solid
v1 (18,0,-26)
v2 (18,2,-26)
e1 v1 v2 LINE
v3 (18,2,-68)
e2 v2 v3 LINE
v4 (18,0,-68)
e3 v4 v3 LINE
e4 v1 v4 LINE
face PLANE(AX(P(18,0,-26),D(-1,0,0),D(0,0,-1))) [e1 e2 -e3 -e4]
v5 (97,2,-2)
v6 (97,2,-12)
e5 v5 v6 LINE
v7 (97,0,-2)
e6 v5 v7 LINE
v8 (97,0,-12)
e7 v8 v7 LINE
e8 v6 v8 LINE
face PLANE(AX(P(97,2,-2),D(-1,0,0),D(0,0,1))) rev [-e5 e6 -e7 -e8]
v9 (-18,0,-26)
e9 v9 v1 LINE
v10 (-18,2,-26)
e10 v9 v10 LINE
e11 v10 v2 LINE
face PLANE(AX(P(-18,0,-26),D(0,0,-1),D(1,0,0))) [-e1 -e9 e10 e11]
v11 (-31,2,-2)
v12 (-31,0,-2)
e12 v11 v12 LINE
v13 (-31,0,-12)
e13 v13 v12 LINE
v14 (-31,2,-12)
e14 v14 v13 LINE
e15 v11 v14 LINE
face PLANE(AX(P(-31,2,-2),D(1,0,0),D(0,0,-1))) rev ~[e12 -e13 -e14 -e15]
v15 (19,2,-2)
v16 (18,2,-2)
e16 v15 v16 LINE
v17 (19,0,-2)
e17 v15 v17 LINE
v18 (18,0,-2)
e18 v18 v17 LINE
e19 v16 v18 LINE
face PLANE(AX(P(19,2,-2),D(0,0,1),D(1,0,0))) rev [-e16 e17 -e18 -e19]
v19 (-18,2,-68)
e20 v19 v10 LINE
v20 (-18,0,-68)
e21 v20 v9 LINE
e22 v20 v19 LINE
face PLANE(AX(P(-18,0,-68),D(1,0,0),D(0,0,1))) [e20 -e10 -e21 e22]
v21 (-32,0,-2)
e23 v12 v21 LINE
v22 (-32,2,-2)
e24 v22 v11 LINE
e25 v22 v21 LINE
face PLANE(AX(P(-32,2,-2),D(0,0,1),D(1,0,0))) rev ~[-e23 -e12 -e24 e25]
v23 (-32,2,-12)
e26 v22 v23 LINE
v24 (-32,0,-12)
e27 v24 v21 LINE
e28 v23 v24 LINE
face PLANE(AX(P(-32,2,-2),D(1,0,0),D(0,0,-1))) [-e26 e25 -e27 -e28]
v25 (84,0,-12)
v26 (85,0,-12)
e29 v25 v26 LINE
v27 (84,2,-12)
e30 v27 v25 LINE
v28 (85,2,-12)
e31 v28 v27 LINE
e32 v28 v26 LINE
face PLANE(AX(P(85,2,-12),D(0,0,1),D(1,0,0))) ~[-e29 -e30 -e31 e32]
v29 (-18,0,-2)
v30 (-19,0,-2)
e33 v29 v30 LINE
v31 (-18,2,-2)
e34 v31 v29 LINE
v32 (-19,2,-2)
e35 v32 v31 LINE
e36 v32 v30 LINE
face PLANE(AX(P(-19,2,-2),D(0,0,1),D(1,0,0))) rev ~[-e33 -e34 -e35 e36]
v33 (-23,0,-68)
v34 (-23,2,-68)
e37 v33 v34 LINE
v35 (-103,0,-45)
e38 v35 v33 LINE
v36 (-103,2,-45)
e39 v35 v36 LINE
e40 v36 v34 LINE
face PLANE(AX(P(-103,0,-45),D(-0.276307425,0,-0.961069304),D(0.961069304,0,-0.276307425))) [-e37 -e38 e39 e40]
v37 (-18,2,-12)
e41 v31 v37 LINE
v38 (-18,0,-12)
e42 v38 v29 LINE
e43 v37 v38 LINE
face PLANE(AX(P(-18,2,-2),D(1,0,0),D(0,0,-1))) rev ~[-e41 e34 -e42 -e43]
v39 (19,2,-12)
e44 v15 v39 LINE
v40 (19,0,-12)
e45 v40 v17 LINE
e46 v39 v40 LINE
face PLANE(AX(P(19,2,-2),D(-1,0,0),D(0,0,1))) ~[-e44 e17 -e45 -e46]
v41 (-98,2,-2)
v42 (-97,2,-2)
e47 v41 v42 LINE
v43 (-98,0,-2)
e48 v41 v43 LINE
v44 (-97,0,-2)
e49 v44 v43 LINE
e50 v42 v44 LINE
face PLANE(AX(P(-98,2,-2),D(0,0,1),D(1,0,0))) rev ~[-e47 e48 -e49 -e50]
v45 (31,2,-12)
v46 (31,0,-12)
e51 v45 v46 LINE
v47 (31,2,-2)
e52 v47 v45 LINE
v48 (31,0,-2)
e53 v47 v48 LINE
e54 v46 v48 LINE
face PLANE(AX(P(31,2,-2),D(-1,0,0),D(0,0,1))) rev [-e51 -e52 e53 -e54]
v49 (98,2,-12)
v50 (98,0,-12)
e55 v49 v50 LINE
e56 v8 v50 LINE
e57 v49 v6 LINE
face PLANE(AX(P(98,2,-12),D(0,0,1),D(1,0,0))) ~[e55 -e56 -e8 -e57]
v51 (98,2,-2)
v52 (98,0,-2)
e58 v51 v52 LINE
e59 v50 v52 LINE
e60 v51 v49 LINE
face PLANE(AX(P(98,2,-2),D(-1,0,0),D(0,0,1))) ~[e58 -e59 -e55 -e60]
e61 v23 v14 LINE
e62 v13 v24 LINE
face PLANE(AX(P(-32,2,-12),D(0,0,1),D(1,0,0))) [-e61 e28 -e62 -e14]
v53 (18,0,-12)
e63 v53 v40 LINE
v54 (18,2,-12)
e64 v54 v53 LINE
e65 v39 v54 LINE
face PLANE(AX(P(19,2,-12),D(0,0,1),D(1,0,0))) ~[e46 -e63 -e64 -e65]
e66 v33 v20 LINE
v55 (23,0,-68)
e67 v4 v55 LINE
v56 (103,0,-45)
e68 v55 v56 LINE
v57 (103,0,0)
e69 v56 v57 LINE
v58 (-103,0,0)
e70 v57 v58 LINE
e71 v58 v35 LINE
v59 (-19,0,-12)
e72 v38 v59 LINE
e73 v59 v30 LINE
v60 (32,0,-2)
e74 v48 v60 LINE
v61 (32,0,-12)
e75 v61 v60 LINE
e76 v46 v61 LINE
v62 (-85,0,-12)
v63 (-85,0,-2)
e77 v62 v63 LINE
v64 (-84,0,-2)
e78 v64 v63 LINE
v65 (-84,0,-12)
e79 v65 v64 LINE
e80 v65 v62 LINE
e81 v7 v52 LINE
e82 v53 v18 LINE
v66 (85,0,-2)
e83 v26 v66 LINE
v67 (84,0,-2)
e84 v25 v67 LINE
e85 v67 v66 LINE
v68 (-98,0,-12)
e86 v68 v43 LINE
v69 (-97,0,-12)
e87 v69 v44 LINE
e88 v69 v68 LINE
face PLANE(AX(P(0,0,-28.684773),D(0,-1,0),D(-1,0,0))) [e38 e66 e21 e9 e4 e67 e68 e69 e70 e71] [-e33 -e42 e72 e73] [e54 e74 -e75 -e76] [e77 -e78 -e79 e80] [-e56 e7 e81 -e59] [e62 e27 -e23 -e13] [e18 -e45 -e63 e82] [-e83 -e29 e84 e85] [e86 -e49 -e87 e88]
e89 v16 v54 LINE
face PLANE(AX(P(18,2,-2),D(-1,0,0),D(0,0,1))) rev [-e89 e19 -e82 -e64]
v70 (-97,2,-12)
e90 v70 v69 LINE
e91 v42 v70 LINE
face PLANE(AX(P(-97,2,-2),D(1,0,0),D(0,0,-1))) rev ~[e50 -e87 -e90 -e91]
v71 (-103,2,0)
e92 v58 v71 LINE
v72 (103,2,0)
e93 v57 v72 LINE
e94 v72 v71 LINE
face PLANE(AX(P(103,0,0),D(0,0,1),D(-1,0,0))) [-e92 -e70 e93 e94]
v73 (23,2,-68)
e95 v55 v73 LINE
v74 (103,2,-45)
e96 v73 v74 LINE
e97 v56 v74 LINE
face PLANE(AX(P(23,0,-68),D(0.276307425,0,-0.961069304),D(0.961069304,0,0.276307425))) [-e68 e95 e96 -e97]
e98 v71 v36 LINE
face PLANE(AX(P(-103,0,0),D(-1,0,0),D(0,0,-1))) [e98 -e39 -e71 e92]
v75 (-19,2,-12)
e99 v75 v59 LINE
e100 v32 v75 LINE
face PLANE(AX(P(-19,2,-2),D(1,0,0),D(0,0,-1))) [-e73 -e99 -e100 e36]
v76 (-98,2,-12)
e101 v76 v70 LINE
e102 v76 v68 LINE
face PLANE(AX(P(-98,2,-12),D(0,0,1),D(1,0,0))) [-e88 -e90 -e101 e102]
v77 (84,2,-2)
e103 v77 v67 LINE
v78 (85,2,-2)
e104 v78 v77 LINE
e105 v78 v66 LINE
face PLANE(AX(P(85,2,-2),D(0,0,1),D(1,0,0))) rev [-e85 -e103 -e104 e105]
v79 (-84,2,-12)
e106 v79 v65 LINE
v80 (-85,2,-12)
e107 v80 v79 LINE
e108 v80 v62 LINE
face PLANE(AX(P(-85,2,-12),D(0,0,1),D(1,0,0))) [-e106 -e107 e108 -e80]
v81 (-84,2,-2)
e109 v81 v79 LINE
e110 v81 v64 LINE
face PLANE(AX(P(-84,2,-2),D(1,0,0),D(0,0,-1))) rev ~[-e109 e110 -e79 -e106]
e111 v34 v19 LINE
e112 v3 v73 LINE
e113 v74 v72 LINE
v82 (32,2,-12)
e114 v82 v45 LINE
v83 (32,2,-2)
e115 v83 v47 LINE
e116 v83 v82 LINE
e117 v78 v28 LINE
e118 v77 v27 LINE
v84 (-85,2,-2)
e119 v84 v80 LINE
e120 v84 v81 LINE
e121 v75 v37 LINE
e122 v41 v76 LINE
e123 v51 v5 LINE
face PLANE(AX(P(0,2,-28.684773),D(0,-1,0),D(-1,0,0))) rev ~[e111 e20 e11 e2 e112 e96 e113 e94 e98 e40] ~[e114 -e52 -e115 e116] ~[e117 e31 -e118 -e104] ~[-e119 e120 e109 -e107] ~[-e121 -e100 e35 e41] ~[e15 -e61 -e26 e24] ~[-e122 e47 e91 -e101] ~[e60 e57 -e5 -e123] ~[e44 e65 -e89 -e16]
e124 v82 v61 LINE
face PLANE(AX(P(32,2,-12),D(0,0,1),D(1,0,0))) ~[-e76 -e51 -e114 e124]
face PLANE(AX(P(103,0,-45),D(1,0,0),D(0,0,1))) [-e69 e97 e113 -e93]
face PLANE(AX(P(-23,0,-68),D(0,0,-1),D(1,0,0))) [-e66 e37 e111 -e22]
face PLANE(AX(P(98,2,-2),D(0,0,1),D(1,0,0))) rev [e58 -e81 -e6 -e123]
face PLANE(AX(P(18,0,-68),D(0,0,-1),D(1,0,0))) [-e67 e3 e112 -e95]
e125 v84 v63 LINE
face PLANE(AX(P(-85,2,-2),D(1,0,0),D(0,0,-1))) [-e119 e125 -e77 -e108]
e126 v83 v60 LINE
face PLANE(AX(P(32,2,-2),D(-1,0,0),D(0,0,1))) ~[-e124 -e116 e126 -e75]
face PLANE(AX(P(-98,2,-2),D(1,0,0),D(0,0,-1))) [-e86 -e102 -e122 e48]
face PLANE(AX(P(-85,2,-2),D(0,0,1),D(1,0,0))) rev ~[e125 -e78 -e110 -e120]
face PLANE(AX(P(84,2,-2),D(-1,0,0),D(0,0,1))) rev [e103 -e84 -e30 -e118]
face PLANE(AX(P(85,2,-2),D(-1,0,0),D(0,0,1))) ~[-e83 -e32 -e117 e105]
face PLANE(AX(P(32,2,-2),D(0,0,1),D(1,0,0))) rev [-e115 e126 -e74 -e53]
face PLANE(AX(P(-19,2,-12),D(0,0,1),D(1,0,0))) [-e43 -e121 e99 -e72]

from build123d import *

# Parameters (mm, degrees)
BOSS_EXTRUDE1_DEPTH = 2
SKETCH4_W           = 1
SKETCH4_H           = 10
CUT_EXTRUDE1_DEPTH  = 124.438243669


with BuildPart() as part:
    # Sketch3 → Boss-Extrude1 (new body)
    with BuildSketch(Plane(origin=(0, 0, 0), x_dir=(1, 0, 0), z_dir=(0, 1, 0))):
        Polygon((-103, 0), (-103, 45), (-23, 68), (-18, 68), (-18, 26), (18, 26), (18, 68), (23, 68), (103, 45), (103, 0), align=None)
    extrude(amount=BOSS_EXTRUDE1_DEPTH)

    # Sketch4 → Cut-Extrude1 (cut, through all)
    with BuildSketch(Plane(origin=(0, 2, 0), x_dir=(1, 0, 0), z_dir=(0, 1, 0))):
        with Locations((-97.5, 7)):
            Rectangle(SKETCH4_W, SKETCH4_H)
        with Locations((-84.5, 7)):
            Rectangle(SKETCH4_W, SKETCH4_H)
        with Locations((-31.5, 7)):
            Rectangle(SKETCH4_W, SKETCH4_H)
        with Locations((-18.5, 7)):
            Rectangle(SKETCH4_W, SKETCH4_H)
    cut_extrude1 = extrude(amount=-CUT_EXTRUDE1_DEPTH, mode=Mode.SUBTRACT)

    # Mirror1: Cut-Extrude1 across plane
    add(cut_extrude1.mirror(Plane.ZY), mode=Mode.SUBTRACT)


solid = part.part
